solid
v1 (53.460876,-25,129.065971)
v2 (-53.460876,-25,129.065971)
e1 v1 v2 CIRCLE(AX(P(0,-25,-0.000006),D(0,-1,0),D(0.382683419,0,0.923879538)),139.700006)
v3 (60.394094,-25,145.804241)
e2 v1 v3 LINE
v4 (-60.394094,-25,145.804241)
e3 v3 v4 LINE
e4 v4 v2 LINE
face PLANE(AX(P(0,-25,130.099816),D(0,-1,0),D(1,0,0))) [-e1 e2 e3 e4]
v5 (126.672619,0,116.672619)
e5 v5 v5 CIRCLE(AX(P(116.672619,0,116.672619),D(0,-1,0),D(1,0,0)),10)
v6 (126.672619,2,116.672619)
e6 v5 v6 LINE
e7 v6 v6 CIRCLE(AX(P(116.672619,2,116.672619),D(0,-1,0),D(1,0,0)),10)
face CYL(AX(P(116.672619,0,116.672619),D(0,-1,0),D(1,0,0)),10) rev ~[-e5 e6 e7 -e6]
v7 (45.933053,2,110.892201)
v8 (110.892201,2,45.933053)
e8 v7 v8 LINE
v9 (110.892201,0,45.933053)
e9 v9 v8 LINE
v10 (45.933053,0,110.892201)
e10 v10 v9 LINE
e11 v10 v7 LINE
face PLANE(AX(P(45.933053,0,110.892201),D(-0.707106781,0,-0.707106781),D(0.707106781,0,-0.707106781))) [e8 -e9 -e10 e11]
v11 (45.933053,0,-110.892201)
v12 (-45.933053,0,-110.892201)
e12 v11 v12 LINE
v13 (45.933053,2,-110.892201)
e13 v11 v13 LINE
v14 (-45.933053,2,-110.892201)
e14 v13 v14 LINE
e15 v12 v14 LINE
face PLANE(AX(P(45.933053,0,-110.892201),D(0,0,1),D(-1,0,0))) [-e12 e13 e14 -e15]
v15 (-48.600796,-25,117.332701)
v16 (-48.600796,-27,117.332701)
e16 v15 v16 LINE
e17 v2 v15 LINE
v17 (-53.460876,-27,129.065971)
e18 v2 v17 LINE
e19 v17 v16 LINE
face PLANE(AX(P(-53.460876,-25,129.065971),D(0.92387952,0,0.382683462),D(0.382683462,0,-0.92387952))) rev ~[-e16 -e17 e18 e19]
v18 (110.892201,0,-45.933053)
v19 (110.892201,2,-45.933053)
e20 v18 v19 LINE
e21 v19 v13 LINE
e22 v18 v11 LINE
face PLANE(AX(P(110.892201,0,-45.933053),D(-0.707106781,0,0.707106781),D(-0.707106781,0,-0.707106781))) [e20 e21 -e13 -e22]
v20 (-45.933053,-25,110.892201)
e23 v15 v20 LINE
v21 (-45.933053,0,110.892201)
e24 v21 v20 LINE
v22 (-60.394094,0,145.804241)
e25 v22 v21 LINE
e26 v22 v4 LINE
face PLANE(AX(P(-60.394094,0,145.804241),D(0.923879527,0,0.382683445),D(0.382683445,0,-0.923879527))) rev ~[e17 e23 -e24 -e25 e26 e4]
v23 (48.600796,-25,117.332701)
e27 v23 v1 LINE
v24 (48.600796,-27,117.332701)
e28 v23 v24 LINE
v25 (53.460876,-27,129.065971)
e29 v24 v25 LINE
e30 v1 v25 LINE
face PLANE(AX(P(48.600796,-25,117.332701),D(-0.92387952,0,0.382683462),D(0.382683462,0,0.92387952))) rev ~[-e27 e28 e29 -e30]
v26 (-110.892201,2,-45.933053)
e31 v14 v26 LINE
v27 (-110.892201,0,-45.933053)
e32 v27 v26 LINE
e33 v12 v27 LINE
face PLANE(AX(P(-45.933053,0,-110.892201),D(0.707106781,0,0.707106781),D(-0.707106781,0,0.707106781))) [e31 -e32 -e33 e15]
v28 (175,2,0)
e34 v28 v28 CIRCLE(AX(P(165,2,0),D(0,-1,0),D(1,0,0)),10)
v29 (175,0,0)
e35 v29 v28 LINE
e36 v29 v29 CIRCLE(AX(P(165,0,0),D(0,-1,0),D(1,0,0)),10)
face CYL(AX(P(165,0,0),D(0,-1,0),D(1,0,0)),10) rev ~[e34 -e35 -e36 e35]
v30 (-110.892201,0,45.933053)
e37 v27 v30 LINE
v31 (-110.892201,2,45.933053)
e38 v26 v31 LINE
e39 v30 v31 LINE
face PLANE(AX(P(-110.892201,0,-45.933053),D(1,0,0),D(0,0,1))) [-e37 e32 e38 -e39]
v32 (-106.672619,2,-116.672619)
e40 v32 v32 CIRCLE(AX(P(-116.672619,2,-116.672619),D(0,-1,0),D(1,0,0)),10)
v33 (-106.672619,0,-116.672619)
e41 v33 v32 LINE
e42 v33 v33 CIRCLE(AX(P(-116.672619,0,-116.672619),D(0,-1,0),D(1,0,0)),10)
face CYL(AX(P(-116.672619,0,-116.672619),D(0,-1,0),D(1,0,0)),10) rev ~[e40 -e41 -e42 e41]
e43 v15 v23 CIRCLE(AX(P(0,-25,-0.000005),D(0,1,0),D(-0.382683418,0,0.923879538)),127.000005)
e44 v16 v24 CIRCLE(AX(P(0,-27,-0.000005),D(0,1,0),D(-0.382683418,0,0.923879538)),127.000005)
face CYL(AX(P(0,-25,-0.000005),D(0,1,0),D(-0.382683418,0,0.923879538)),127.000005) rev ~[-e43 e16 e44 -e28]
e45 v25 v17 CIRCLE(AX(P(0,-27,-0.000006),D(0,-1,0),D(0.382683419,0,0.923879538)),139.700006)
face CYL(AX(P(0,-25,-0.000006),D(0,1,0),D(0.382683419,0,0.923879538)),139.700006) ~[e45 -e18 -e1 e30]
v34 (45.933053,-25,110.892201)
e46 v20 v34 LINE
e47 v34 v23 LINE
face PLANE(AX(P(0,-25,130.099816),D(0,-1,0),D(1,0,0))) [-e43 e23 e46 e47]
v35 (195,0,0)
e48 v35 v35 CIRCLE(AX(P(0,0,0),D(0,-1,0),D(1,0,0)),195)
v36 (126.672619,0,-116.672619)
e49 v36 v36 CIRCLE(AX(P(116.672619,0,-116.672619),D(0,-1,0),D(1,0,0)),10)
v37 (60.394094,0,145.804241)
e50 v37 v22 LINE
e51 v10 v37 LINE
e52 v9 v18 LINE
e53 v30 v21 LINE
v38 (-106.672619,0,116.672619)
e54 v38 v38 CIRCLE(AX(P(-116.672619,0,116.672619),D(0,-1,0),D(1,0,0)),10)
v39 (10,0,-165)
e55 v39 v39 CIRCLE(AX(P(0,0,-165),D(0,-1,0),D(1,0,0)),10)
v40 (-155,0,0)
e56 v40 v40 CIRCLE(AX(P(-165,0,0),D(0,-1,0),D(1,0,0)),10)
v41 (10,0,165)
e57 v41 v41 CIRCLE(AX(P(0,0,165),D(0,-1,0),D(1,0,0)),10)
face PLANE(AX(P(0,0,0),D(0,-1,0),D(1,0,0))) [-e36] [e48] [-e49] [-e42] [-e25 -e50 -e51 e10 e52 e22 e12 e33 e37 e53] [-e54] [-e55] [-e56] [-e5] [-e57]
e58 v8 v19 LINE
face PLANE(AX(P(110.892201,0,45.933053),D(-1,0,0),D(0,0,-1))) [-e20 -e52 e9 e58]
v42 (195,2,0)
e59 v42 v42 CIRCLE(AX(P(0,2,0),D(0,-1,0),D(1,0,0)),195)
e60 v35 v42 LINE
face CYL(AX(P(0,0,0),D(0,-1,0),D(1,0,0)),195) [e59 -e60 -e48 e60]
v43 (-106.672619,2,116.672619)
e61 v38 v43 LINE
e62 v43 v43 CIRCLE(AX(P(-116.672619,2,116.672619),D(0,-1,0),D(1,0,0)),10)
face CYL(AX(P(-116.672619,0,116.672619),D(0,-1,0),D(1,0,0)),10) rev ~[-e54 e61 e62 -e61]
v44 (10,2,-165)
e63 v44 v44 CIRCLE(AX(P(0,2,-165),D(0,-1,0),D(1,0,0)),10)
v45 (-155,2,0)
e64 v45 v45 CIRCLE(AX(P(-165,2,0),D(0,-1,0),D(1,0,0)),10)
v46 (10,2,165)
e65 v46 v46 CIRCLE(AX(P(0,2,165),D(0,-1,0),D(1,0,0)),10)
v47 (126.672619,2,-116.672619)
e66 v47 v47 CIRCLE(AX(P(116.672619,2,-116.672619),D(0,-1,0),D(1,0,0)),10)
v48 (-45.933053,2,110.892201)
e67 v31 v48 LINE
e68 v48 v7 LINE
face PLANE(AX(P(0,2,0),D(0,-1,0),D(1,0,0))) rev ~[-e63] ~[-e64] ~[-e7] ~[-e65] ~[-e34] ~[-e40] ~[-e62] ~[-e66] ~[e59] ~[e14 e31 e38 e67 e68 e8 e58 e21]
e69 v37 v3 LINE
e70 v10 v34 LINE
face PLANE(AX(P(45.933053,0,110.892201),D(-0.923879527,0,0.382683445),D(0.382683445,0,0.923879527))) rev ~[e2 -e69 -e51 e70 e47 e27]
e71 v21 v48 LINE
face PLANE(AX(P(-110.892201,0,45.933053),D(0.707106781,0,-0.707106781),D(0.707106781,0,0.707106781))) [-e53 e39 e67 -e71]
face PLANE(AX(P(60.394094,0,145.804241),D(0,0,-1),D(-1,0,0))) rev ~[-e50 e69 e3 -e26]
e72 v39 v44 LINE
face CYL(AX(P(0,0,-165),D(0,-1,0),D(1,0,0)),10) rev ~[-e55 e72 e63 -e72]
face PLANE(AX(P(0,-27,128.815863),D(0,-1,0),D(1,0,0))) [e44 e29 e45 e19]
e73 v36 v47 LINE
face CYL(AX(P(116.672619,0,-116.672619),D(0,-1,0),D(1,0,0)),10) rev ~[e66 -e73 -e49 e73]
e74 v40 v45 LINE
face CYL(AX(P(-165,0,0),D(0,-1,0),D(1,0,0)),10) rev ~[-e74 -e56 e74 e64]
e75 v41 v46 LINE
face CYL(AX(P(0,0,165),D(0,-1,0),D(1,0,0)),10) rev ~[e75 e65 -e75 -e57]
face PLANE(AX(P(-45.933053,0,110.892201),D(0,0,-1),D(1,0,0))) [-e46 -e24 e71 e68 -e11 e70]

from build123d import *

# Parameters (mm, degrees)
F1_DEPTH = 25
F3_DEPTH = 2
F4_R     = 195
F4_R_2   = 10
F5_DEPTH = 2


with BuildPart() as f1:
    # F0 (on Front) → F1 (new body)
    with BuildSketch(Plane.XZ):
        Polygon((-60.394094, 145.804241), (-45.933053, 110.892201), (45.933053, 110.892201), (60.394094, 145.804241), align=None)
    extrude(amount=F1_DEPTH)

    # F2 (on face) → F3 (join)
    with BuildSketch(Plane.XZ.offset(25)):
        with BuildLine():
            Line((-53.460876, 129.065971), (-48.600796, 117.332701))
            ThreePointArc((-48.600796, 117.332701), (0, 127), (48.600796, 117.332701))
            Line((48.600796, 117.332701), (53.460876, 129.065971))
            ThreePointArc((53.460876, 129.065971), (0, 139.7), (-53.460876, 129.065971))
        make_face()
    extrude(amount=F3_DEPTH)

    # F4 (on face) → F5 (join)
    with BuildSketch(Plane.XZ):
        Circle(F4_R)
        with Locations((-116.672619, -116.672619)):
            Circle(F4_R_2, mode=Mode.SUBTRACT)
        with Locations((0, -165)):
            Circle(F4_R_2, mode=Mode.SUBTRACT)
        with Locations((116.672619, -116.672619)):
            Circle(F4_R_2, mode=Mode.SUBTRACT)
        with Locations((-165, 0)):
            Circle(F4_R_2, mode=Mode.SUBTRACT)
        with Locations((-116.672619, 116.672619)):
            Circle(F4_R_2, mode=Mode.SUBTRACT)
        Polygon((-110.892201, -45.933053), (-110.892201, 45.933053), (-45.933053, 110.892201), (45.933053, 110.892201), (110.892201, 45.933053), (110.892201, -45.933053), (45.933053, -110.892201), (-45.933053, -110.892201), align=None, mode=Mode.SUBTRACT)
        with Locations((165, 0)):
            Circle(F4_R_2, mode=Mode.SUBTRACT)
        with Locations((0, 165)):
            Circle(F4_R_2, mode=Mode.SUBTRACT)
        with Locations((116.672619, 116.672619)):
            Circle(F4_R_2, mode=Mode.SUBTRACT)
    extrude(amount=-F5_DEPTH)


solid = f1.part
